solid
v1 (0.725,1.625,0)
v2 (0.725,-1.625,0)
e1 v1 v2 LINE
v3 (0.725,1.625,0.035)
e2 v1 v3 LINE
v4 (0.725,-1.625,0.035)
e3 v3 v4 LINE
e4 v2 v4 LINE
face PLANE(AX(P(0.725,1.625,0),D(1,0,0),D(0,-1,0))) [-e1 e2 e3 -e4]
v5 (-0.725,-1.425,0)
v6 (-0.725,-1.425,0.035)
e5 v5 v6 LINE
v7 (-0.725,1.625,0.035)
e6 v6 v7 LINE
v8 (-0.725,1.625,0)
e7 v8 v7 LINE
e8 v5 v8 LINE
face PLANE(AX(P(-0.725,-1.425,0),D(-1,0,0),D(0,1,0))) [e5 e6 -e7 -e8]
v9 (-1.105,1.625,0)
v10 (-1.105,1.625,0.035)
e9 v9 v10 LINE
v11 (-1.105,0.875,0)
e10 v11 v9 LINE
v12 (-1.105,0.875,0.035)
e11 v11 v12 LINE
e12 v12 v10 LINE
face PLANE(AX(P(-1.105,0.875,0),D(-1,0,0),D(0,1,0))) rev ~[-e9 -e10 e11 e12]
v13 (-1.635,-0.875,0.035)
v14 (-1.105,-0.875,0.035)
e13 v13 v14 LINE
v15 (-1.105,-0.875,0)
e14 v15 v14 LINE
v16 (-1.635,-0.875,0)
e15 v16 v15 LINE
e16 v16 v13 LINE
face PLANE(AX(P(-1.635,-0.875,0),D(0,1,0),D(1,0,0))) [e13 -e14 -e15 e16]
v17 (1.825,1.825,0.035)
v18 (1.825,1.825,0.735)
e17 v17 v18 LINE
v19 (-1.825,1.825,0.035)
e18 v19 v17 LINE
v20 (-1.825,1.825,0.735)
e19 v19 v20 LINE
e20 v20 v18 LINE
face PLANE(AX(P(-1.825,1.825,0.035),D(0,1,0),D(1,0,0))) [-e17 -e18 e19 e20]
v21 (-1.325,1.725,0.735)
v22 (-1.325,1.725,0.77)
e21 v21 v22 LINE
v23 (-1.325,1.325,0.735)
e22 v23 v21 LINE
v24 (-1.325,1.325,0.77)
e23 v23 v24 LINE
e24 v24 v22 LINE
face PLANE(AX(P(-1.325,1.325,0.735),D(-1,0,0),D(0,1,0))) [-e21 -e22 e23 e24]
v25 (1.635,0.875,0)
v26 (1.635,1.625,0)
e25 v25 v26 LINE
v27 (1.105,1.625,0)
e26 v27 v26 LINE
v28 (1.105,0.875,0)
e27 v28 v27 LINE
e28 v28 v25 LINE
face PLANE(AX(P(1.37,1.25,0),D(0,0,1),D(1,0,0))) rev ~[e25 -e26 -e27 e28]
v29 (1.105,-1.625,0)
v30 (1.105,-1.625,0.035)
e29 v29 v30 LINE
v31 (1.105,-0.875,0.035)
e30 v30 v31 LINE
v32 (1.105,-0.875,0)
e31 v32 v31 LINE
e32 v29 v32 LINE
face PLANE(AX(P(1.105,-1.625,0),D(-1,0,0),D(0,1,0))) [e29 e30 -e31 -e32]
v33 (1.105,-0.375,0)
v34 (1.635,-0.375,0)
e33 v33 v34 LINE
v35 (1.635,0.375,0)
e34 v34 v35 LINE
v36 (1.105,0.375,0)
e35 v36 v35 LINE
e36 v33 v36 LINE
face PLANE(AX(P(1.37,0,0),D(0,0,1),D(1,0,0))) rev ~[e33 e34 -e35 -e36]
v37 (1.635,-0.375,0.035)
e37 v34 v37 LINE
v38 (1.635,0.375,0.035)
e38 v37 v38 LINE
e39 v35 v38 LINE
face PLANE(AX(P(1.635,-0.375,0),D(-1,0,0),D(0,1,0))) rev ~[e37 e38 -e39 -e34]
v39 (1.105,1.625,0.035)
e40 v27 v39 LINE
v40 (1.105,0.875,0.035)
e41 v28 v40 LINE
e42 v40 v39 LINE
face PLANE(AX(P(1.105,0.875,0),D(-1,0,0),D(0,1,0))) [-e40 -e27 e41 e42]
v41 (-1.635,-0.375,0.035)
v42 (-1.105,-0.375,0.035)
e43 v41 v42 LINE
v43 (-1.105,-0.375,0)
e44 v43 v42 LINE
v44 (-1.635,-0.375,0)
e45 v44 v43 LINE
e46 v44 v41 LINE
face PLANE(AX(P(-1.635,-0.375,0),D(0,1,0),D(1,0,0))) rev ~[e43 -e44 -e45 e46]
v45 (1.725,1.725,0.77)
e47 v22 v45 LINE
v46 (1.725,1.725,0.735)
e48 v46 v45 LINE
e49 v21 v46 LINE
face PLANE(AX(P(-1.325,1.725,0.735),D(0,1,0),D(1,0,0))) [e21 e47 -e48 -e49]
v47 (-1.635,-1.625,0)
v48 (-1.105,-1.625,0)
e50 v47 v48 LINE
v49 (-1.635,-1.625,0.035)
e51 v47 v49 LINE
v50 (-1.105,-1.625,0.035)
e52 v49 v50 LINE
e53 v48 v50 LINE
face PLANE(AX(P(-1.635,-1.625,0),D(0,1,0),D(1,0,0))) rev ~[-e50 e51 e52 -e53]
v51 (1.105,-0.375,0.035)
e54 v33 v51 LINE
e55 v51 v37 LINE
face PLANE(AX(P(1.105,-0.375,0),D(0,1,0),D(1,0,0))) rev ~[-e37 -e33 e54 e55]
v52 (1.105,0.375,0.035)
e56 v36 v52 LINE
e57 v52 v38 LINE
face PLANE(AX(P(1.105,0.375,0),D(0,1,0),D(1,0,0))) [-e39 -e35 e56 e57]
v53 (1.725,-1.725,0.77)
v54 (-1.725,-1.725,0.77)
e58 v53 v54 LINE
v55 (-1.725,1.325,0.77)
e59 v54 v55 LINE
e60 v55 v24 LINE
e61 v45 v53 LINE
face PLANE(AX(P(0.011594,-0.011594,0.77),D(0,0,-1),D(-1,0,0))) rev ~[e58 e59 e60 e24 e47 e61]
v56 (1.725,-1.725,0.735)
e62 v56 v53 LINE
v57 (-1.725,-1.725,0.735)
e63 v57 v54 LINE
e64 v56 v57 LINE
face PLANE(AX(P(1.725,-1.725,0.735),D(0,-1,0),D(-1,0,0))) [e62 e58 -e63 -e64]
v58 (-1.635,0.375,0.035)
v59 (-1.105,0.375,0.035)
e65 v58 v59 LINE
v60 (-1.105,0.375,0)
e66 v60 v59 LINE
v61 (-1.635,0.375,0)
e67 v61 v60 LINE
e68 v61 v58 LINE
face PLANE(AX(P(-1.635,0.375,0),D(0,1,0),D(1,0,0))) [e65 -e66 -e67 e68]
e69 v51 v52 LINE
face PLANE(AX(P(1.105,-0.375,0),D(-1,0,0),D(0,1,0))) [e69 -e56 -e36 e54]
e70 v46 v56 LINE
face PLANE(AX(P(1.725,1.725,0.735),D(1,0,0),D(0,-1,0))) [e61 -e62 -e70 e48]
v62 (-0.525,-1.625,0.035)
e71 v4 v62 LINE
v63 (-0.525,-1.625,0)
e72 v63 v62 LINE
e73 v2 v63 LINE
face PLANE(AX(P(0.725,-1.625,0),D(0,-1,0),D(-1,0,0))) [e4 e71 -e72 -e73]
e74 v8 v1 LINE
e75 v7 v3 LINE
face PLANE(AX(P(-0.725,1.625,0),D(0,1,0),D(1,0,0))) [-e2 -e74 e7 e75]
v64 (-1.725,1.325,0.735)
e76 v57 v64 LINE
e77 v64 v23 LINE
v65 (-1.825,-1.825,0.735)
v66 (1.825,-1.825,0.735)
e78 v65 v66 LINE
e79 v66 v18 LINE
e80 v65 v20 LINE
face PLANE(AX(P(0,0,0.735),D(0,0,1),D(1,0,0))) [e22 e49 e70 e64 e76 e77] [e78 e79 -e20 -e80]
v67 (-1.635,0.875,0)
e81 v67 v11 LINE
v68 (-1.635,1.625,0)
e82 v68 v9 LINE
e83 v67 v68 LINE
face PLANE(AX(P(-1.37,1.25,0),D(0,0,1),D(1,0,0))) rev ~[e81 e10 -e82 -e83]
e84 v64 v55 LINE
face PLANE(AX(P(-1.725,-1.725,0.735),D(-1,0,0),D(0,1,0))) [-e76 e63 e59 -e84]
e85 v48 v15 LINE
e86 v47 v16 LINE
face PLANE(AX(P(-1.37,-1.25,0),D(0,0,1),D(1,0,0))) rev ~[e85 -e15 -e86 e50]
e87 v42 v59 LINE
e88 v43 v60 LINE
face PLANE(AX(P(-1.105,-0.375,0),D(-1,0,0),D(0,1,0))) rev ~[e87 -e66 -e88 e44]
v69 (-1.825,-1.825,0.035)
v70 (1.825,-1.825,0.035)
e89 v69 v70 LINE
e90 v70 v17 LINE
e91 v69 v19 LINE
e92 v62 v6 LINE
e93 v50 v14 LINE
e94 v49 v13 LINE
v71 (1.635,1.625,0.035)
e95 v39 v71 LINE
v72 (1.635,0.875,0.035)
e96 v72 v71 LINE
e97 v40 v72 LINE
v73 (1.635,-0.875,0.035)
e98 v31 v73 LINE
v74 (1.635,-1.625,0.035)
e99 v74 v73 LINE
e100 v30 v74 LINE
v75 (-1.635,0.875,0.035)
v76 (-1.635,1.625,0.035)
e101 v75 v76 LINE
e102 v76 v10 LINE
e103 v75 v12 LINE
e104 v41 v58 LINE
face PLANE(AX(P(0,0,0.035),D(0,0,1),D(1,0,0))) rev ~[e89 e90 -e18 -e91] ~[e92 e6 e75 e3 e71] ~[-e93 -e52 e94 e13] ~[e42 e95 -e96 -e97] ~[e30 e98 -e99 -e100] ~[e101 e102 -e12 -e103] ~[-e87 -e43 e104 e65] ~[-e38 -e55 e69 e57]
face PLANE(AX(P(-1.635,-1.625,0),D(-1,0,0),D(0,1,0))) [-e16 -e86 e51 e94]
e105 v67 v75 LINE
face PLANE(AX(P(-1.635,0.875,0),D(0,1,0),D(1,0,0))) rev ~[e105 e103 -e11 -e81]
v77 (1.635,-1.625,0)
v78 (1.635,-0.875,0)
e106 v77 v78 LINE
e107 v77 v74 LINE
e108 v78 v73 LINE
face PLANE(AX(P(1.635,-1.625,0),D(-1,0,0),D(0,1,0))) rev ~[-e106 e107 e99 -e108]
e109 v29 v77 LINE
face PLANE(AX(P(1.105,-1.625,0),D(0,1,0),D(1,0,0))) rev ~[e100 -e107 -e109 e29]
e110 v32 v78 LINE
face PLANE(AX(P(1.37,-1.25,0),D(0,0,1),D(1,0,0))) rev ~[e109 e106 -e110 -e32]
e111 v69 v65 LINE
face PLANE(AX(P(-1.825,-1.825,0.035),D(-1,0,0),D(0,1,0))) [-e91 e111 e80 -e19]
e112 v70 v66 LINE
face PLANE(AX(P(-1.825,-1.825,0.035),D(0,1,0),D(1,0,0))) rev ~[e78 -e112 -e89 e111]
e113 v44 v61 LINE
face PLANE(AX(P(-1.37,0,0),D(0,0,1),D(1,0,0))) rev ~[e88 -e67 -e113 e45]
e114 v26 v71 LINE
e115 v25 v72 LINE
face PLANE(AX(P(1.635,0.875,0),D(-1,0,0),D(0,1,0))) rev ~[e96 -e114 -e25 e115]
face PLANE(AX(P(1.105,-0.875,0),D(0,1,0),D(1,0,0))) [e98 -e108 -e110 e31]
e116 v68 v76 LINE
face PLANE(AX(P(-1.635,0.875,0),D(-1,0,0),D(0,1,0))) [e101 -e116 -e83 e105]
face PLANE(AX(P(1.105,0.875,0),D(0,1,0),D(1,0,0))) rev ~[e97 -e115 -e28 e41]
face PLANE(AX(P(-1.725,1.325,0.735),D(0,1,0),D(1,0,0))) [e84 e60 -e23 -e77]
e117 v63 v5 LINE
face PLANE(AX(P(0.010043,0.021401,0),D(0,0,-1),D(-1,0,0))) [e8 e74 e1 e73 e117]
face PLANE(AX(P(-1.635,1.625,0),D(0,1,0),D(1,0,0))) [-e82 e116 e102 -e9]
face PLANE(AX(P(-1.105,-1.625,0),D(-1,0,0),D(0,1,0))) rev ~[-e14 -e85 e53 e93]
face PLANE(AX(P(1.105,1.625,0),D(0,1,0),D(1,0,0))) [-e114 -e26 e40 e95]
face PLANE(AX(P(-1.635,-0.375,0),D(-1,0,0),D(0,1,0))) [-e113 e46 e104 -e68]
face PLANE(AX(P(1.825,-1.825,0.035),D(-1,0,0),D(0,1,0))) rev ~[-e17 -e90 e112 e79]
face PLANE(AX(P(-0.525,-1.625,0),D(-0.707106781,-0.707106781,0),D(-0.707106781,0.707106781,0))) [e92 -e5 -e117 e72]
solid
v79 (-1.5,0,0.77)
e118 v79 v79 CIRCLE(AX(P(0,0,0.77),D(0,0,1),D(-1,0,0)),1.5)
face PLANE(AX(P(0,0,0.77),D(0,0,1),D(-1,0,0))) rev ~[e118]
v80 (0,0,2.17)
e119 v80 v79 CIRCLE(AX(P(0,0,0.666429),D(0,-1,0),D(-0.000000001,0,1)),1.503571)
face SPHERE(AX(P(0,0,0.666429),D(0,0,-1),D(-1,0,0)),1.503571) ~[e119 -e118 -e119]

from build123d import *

# Parameters (mm, degrees)
EXTRUDE_1_DEPTH   = 0.035
SKETCH_1_W        = 0.53
SKETCH_1_H        = 0.75
EXTRUDE_1_2_DEPTH = 0.035
EXTRUDE_1_3_DEPTH = 0.035
EXTRUDE_1_4_DEPTH = 0.035
EXTRUDE_1_5_DEPTH = 0.035
EXTRUDE_1_6_DEPTH = 0.035
EXTRUDE_1_7_DEPTH = 0.035
SKETCH_2_W        = 3.65
SKETCH_2_H        = 3.65
EXTRUDE_2_DEPTH   = 0.7
EXTRUDE_3_DEPTH   = 0.035


with BuildPart() as part:
    # Эскиз1 → Бобышка-Вытянуть1 (new body)
    with BuildSketch(Plane.XY):
        Polygon((0.725, -1.625), (-0.525, -1.625), (-0.725, -1.425), (-0.725, 1.625), (0.725, 1.625), align=None)
    extrude(amount=EXTRUDE_1_DEPTH)



with BuildPart() as body_2:
    # Эскиз1 → Extrude 1 2 (new body)
    with BuildSketch(Plane.XY):
        with Locations((1.37, -1.25)):
            Rectangle(SKETCH_1_W, SKETCH_1_H)
    extrude(amount=EXTRUDE_1_2_DEPTH)


with BuildPart() as body_3:
    # Эскиз1 → Extrude 1 3 (new body)
    with BuildSketch(Plane.XY):
        with Locations((-1.37, -1.25)):
            Rectangle(SKETCH_1_W, SKETCH_1_H)
    extrude(amount=EXTRUDE_1_3_DEPTH)


with BuildPart() as body_4:
    # Эскиз1 → Extrude 1 4 (new body)
    with BuildSketch(Plane.XY):
        with Locations((1.37, 0)):
            Rectangle(SKETCH_1_W, SKETCH_1_H)
    extrude(amount=EXTRUDE_1_4_DEPTH)


with BuildPart() as body_5:
    # Эскиз1 → Extrude 1 5 (new body)
    with BuildSketch(Plane.XY):
        with Locations((1.37, 1.25)):
            Rectangle(SKETCH_1_W, SKETCH_1_H)
    extrude(amount=EXTRUDE_1_5_DEPTH)


with BuildPart() as body_6:
    # Эскиз1 → Extrude 1 6 (new body)
    with BuildSketch(Plane.XY):
        with Locations((-1.37, 0)):
            Rectangle(SKETCH_1_W, SKETCH_1_H)
    extrude(amount=EXTRUDE_1_6_DEPTH)


with BuildPart() as body_7:
    # Эскиз1 → Extrude 1 7 (new body)
    with BuildSketch(Plane.XY):
        with Locations((-1.37, 1.25)):
            Rectangle(SKETCH_1_W, SKETCH_1_H)
    extrude(amount=EXTRUDE_1_7_DEPTH)


with BuildPart() as part_1:
    add(part.part)

    add(body_2.part)  # Бобышка-Вытянуть2 merges body 2

    add(body_3.part)  # Бобышка-Вытянуть2 merges body 3

    add(body_4.part)  # Бобышка-Вытянуть2 merges body 4

    add(body_5.part)  # Бобышка-Вытянуть2 merges body 5

    add(body_6.part)  # Бобышка-Вытянуть2 merges body 6

    add(body_7.part)  # Бобышка-Вытянуть2 merges body 7
    # Эскиз2 → Бобышка-Вытянуть2 (add)
    with BuildSketch(Plane.XY.offset(0.035)):
        Rectangle(SKETCH_2_W, SKETCH_2_H)
    extrude(amount=EXTRUDE_2_DEPTH)

    # Эскиз4 → Бобышка-Вытянуть3 (add)
    with BuildSketch(Plane.XY.offset(0.735)):
        Polygon((1.725, 1.725), (1.725, -1.725), (-1.725, -1.725), (-1.725, 1.325), (-1.325, 1.325), (-1.325, 1.725), align=None)
    extrude(amount=EXTRUDE_3_DEPTH)


with BuildPart() as body_2_2:
    # Эскиз3 → Повернуть1 (revolve)
    with BuildSketch(Plane(origin=(0, 0, 0), x_dir=(1, 0, 0), z_dir=(0, 1, 0))):
        with BuildLine():
            Line((0, -0.77), (0, -2.17))
            ThreePointArc((0, -2.17), (-1.025914226, -1.765622385), (-1.5, -0.77))
            Line((-1.5, -0.77), (0, -0.77))
        make_face()
    revolve(axis=Axis((0, 0, 0.77), (0, 0, 1)))


solid = Compound([part_1.part, body_2_2.part])
